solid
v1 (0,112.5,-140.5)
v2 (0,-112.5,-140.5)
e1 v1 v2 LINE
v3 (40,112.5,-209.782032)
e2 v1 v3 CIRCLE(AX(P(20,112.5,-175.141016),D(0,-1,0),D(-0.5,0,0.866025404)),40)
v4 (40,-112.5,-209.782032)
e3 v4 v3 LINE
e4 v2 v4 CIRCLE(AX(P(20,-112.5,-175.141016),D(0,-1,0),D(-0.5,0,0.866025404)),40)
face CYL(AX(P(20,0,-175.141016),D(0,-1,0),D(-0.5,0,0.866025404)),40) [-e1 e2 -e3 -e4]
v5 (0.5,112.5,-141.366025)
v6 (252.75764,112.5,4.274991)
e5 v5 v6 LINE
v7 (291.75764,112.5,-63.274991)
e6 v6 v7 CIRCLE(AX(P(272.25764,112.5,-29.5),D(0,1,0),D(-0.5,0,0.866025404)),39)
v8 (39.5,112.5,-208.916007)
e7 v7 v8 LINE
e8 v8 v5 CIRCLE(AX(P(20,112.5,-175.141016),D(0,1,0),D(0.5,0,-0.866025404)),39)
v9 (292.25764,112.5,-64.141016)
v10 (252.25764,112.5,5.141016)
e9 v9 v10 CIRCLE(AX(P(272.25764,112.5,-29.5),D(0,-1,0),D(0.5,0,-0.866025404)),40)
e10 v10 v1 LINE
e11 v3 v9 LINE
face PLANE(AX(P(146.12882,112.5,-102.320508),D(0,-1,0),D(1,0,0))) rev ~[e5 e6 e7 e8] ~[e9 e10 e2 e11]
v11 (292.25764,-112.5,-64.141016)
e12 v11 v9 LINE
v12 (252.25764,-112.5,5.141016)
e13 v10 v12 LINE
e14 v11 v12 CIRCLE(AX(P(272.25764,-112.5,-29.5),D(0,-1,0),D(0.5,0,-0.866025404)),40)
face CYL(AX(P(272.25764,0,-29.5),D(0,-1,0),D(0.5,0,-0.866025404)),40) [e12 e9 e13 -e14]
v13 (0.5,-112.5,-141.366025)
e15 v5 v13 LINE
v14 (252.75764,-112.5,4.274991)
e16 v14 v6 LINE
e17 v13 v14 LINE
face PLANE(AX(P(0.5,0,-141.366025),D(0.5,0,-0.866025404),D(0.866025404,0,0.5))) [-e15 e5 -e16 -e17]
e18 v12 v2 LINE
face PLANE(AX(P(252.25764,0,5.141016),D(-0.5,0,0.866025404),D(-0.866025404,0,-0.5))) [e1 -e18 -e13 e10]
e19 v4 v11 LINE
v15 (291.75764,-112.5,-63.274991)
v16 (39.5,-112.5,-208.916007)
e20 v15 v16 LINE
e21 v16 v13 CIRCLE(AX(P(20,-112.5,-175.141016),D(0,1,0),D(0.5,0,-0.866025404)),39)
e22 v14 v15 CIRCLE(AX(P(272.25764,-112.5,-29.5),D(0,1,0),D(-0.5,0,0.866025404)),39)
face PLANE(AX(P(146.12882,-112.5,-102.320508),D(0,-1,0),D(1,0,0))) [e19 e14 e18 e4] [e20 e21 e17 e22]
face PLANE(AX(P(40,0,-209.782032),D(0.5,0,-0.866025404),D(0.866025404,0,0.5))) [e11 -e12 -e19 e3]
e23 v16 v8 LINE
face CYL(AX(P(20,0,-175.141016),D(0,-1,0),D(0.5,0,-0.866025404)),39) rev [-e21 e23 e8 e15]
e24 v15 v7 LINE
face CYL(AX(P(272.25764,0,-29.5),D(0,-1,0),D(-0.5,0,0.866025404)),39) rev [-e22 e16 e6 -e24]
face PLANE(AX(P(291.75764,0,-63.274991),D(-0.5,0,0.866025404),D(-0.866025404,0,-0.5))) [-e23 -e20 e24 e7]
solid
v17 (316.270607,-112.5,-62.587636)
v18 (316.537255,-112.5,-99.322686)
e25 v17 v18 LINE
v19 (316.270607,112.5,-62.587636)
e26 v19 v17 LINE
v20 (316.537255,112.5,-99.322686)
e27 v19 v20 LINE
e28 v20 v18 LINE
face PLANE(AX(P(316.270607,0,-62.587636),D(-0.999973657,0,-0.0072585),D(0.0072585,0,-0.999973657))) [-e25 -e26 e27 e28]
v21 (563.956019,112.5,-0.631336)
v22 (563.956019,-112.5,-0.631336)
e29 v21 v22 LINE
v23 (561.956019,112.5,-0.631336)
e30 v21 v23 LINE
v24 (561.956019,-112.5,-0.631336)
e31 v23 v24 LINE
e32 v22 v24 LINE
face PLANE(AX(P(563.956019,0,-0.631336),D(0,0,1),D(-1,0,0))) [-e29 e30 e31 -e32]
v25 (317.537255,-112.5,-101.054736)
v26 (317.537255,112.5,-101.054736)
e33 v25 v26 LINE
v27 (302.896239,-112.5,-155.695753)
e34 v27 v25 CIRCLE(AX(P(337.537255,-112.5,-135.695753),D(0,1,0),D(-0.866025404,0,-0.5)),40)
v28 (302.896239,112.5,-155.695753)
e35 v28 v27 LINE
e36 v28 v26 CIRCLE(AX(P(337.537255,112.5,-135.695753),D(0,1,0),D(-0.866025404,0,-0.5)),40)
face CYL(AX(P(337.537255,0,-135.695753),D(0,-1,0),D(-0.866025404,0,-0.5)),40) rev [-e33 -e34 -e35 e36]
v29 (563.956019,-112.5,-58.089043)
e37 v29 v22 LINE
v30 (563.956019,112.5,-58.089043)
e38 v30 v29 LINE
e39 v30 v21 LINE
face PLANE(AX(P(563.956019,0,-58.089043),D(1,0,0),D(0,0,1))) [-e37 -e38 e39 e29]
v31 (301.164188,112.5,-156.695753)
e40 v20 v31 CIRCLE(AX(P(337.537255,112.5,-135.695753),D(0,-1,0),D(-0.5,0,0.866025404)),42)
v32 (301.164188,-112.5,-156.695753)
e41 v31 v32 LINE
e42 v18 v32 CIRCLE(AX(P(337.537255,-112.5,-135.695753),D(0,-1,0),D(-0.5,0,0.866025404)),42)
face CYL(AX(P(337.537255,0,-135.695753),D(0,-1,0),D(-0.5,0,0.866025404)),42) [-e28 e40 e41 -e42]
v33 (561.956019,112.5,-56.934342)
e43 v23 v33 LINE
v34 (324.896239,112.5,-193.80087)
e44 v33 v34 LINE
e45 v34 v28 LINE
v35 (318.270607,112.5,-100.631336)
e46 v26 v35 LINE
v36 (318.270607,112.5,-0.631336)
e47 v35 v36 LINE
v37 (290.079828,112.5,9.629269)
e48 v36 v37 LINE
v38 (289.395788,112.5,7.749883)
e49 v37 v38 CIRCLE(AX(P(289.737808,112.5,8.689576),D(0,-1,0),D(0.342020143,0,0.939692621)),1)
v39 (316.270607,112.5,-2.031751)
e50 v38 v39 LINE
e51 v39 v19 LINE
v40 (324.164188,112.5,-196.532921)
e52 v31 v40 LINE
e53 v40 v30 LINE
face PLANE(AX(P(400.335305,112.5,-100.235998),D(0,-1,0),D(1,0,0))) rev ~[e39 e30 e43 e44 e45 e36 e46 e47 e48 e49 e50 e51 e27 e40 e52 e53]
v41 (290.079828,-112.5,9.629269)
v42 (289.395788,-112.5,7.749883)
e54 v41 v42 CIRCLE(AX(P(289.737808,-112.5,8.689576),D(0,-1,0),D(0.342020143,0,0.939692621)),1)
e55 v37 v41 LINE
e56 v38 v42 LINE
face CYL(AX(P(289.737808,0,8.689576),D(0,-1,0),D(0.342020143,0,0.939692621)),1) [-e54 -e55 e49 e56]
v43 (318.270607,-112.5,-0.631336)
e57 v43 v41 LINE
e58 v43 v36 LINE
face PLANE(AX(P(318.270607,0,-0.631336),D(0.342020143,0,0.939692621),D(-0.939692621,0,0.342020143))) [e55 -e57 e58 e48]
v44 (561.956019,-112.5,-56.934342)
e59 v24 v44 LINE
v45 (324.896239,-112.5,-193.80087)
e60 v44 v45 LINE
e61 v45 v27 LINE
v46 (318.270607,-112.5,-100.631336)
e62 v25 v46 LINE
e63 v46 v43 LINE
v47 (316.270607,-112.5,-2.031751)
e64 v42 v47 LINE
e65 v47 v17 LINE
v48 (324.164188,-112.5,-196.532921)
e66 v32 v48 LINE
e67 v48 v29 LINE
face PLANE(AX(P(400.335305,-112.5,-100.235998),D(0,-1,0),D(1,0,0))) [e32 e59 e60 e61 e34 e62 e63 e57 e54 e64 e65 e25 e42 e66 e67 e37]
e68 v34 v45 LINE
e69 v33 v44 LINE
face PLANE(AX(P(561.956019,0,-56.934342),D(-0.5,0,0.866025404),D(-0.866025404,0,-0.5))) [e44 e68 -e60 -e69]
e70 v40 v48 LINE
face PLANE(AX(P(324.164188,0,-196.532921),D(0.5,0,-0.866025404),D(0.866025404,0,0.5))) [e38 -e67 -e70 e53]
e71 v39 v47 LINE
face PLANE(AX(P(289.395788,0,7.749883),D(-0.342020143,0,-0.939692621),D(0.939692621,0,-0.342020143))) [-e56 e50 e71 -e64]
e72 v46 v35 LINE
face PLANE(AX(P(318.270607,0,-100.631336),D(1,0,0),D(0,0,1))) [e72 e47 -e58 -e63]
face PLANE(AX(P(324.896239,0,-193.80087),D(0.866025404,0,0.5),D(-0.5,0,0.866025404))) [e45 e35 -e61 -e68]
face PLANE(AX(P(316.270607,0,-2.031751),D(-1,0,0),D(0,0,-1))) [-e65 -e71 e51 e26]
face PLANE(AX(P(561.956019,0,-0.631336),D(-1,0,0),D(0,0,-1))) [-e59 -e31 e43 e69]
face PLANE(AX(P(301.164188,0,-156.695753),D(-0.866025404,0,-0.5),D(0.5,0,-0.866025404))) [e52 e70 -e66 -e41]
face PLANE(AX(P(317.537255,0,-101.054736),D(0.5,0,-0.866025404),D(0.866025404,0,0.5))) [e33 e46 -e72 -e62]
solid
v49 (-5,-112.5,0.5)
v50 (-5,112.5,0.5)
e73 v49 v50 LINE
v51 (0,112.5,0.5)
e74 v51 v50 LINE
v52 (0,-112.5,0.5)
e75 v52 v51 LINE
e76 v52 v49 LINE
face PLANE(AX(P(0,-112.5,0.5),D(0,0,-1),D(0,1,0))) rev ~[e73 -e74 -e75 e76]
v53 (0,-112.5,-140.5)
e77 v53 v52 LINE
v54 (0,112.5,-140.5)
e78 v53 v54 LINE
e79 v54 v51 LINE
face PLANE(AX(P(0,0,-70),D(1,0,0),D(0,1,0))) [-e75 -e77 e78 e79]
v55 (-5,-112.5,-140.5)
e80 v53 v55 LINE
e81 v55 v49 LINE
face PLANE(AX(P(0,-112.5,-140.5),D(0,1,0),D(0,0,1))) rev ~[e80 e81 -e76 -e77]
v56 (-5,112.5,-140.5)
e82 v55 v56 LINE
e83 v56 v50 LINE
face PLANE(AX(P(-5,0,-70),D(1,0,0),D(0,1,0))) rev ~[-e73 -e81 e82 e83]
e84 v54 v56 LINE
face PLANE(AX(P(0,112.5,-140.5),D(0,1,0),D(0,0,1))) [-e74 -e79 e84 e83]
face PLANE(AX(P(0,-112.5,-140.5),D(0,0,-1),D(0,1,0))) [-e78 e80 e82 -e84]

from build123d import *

# Parameters (mm, degrees)
F1_W     = 225
F1_H     = 141
F2_DEPTH = 5
F4_DEPTH = 112.5
F6_DEPTH = 112.5


with BuildPart() as f2:
    # F1 (on Right) → F2 (new body)
    with BuildSketch(Plane.YZ):
        with Locations((0, -70)):
            Rectangle(F1_W, F1_H)
    extrude(amount=-F2_DEPTH)


with BuildPart() as f4:
    # F3 (on Front) → F4 (new body, symmetric)
    with BuildSketch(Plane.XZ):
        with BuildLine():
            ThreePointArc((292.2576396401, -64.1410161514), (306.8986557915, -9.5), (252.2576396401, 5.1410161514))
            Line((252.2576396401, 5.1410161514), (0, -140.5))
            ThreePointArc((0, -140.5), (-14.6410161514, -195.1410161514), (40, -209.7820323028))
            Line((40, -209.7820323028), (292.2576396401, -64.1410161514))
        make_face()
        with BuildLine():
            Line((0.5, -141.3660254038), (252.7576396401, 4.2749907476))
            ThreePointArc((252.7576396401, 4.2749907476), (306.0326303877, -10), (291.7576396401, -63.2749907476))
            Line((291.7576396401, -63.2749907476), (39.5, -208.916006899))
            ThreePointArc((39.5, -208.916006899), (-13.7749907476, -194.6410161514), (0.5, -141.3660254038))
        make_face(mode=Mode.SUBTRACT)
    extrude(amount=F4_DEPTH, both=True)


with BuildPart() as f6:
    # F5 (on Front) → F6 (new body, symmetric)
    with BuildSketch(Plane.XZ):
        with BuildLine():
            Line((318.2706068249, -0.631335718), (290.0798282014, 9.6292685818))
            ThreePointArc((290.0798282014, 9.6292685818), (288.7981154373, 9.0315961043), (289.3957879147, 7.7498833402))
            Line((289.3957879147, 7.7498833402), (316.2706068249, -2.0317507944))
            Line((316.2706068249, -2.0317507944), (316.2706068249, -62.5876359349))
            Line((316.2706068249, -62.5876359349), (316.5372552159, -99.3226856593))
            ThreePointArc((316.5372552159, -99.3226856593), (296.9683705117, -124.825352724), (301.1641882569, -156.6957526183))
            Line((301.1641882569, -156.6957526183), (324.1641882569, -196.5329211923))
            Line((324.1641882569, -196.5329211923), (563.9560193135, -58.0890429824))
            Line((563.9560193135, -58.0890429824), (563.9560193135, -0.631335718))
            Line((563.9560193135, -0.631335718), (561.9560193135, -0.631335718))
            Line((561.9560193135, -0.631335718), (561.9560193135, -56.934342444))
            Line((561.9560193135, -56.934342444), (324.8962390645, -193.8008703848))
            Line((324.8962390645, -193.8008703848), (302.8962390645, -155.6957526183))
            ThreePointArc((302.8962390645, -155.6957526183), (298.9002221643, -125.3429908142), (317.5372552159, -101.0547364669))
            Line((317.5372552159, -101.0547364669), (318.2706068249, -100.631335718))
            Line((318.2706068249, -100.631335718), (318.2706068249, -0.631335718))
        make_face()
    extrude(amount=F6_DEPTH, both=True)


solid = Compound([f2.part, f4.part, f6.part])
